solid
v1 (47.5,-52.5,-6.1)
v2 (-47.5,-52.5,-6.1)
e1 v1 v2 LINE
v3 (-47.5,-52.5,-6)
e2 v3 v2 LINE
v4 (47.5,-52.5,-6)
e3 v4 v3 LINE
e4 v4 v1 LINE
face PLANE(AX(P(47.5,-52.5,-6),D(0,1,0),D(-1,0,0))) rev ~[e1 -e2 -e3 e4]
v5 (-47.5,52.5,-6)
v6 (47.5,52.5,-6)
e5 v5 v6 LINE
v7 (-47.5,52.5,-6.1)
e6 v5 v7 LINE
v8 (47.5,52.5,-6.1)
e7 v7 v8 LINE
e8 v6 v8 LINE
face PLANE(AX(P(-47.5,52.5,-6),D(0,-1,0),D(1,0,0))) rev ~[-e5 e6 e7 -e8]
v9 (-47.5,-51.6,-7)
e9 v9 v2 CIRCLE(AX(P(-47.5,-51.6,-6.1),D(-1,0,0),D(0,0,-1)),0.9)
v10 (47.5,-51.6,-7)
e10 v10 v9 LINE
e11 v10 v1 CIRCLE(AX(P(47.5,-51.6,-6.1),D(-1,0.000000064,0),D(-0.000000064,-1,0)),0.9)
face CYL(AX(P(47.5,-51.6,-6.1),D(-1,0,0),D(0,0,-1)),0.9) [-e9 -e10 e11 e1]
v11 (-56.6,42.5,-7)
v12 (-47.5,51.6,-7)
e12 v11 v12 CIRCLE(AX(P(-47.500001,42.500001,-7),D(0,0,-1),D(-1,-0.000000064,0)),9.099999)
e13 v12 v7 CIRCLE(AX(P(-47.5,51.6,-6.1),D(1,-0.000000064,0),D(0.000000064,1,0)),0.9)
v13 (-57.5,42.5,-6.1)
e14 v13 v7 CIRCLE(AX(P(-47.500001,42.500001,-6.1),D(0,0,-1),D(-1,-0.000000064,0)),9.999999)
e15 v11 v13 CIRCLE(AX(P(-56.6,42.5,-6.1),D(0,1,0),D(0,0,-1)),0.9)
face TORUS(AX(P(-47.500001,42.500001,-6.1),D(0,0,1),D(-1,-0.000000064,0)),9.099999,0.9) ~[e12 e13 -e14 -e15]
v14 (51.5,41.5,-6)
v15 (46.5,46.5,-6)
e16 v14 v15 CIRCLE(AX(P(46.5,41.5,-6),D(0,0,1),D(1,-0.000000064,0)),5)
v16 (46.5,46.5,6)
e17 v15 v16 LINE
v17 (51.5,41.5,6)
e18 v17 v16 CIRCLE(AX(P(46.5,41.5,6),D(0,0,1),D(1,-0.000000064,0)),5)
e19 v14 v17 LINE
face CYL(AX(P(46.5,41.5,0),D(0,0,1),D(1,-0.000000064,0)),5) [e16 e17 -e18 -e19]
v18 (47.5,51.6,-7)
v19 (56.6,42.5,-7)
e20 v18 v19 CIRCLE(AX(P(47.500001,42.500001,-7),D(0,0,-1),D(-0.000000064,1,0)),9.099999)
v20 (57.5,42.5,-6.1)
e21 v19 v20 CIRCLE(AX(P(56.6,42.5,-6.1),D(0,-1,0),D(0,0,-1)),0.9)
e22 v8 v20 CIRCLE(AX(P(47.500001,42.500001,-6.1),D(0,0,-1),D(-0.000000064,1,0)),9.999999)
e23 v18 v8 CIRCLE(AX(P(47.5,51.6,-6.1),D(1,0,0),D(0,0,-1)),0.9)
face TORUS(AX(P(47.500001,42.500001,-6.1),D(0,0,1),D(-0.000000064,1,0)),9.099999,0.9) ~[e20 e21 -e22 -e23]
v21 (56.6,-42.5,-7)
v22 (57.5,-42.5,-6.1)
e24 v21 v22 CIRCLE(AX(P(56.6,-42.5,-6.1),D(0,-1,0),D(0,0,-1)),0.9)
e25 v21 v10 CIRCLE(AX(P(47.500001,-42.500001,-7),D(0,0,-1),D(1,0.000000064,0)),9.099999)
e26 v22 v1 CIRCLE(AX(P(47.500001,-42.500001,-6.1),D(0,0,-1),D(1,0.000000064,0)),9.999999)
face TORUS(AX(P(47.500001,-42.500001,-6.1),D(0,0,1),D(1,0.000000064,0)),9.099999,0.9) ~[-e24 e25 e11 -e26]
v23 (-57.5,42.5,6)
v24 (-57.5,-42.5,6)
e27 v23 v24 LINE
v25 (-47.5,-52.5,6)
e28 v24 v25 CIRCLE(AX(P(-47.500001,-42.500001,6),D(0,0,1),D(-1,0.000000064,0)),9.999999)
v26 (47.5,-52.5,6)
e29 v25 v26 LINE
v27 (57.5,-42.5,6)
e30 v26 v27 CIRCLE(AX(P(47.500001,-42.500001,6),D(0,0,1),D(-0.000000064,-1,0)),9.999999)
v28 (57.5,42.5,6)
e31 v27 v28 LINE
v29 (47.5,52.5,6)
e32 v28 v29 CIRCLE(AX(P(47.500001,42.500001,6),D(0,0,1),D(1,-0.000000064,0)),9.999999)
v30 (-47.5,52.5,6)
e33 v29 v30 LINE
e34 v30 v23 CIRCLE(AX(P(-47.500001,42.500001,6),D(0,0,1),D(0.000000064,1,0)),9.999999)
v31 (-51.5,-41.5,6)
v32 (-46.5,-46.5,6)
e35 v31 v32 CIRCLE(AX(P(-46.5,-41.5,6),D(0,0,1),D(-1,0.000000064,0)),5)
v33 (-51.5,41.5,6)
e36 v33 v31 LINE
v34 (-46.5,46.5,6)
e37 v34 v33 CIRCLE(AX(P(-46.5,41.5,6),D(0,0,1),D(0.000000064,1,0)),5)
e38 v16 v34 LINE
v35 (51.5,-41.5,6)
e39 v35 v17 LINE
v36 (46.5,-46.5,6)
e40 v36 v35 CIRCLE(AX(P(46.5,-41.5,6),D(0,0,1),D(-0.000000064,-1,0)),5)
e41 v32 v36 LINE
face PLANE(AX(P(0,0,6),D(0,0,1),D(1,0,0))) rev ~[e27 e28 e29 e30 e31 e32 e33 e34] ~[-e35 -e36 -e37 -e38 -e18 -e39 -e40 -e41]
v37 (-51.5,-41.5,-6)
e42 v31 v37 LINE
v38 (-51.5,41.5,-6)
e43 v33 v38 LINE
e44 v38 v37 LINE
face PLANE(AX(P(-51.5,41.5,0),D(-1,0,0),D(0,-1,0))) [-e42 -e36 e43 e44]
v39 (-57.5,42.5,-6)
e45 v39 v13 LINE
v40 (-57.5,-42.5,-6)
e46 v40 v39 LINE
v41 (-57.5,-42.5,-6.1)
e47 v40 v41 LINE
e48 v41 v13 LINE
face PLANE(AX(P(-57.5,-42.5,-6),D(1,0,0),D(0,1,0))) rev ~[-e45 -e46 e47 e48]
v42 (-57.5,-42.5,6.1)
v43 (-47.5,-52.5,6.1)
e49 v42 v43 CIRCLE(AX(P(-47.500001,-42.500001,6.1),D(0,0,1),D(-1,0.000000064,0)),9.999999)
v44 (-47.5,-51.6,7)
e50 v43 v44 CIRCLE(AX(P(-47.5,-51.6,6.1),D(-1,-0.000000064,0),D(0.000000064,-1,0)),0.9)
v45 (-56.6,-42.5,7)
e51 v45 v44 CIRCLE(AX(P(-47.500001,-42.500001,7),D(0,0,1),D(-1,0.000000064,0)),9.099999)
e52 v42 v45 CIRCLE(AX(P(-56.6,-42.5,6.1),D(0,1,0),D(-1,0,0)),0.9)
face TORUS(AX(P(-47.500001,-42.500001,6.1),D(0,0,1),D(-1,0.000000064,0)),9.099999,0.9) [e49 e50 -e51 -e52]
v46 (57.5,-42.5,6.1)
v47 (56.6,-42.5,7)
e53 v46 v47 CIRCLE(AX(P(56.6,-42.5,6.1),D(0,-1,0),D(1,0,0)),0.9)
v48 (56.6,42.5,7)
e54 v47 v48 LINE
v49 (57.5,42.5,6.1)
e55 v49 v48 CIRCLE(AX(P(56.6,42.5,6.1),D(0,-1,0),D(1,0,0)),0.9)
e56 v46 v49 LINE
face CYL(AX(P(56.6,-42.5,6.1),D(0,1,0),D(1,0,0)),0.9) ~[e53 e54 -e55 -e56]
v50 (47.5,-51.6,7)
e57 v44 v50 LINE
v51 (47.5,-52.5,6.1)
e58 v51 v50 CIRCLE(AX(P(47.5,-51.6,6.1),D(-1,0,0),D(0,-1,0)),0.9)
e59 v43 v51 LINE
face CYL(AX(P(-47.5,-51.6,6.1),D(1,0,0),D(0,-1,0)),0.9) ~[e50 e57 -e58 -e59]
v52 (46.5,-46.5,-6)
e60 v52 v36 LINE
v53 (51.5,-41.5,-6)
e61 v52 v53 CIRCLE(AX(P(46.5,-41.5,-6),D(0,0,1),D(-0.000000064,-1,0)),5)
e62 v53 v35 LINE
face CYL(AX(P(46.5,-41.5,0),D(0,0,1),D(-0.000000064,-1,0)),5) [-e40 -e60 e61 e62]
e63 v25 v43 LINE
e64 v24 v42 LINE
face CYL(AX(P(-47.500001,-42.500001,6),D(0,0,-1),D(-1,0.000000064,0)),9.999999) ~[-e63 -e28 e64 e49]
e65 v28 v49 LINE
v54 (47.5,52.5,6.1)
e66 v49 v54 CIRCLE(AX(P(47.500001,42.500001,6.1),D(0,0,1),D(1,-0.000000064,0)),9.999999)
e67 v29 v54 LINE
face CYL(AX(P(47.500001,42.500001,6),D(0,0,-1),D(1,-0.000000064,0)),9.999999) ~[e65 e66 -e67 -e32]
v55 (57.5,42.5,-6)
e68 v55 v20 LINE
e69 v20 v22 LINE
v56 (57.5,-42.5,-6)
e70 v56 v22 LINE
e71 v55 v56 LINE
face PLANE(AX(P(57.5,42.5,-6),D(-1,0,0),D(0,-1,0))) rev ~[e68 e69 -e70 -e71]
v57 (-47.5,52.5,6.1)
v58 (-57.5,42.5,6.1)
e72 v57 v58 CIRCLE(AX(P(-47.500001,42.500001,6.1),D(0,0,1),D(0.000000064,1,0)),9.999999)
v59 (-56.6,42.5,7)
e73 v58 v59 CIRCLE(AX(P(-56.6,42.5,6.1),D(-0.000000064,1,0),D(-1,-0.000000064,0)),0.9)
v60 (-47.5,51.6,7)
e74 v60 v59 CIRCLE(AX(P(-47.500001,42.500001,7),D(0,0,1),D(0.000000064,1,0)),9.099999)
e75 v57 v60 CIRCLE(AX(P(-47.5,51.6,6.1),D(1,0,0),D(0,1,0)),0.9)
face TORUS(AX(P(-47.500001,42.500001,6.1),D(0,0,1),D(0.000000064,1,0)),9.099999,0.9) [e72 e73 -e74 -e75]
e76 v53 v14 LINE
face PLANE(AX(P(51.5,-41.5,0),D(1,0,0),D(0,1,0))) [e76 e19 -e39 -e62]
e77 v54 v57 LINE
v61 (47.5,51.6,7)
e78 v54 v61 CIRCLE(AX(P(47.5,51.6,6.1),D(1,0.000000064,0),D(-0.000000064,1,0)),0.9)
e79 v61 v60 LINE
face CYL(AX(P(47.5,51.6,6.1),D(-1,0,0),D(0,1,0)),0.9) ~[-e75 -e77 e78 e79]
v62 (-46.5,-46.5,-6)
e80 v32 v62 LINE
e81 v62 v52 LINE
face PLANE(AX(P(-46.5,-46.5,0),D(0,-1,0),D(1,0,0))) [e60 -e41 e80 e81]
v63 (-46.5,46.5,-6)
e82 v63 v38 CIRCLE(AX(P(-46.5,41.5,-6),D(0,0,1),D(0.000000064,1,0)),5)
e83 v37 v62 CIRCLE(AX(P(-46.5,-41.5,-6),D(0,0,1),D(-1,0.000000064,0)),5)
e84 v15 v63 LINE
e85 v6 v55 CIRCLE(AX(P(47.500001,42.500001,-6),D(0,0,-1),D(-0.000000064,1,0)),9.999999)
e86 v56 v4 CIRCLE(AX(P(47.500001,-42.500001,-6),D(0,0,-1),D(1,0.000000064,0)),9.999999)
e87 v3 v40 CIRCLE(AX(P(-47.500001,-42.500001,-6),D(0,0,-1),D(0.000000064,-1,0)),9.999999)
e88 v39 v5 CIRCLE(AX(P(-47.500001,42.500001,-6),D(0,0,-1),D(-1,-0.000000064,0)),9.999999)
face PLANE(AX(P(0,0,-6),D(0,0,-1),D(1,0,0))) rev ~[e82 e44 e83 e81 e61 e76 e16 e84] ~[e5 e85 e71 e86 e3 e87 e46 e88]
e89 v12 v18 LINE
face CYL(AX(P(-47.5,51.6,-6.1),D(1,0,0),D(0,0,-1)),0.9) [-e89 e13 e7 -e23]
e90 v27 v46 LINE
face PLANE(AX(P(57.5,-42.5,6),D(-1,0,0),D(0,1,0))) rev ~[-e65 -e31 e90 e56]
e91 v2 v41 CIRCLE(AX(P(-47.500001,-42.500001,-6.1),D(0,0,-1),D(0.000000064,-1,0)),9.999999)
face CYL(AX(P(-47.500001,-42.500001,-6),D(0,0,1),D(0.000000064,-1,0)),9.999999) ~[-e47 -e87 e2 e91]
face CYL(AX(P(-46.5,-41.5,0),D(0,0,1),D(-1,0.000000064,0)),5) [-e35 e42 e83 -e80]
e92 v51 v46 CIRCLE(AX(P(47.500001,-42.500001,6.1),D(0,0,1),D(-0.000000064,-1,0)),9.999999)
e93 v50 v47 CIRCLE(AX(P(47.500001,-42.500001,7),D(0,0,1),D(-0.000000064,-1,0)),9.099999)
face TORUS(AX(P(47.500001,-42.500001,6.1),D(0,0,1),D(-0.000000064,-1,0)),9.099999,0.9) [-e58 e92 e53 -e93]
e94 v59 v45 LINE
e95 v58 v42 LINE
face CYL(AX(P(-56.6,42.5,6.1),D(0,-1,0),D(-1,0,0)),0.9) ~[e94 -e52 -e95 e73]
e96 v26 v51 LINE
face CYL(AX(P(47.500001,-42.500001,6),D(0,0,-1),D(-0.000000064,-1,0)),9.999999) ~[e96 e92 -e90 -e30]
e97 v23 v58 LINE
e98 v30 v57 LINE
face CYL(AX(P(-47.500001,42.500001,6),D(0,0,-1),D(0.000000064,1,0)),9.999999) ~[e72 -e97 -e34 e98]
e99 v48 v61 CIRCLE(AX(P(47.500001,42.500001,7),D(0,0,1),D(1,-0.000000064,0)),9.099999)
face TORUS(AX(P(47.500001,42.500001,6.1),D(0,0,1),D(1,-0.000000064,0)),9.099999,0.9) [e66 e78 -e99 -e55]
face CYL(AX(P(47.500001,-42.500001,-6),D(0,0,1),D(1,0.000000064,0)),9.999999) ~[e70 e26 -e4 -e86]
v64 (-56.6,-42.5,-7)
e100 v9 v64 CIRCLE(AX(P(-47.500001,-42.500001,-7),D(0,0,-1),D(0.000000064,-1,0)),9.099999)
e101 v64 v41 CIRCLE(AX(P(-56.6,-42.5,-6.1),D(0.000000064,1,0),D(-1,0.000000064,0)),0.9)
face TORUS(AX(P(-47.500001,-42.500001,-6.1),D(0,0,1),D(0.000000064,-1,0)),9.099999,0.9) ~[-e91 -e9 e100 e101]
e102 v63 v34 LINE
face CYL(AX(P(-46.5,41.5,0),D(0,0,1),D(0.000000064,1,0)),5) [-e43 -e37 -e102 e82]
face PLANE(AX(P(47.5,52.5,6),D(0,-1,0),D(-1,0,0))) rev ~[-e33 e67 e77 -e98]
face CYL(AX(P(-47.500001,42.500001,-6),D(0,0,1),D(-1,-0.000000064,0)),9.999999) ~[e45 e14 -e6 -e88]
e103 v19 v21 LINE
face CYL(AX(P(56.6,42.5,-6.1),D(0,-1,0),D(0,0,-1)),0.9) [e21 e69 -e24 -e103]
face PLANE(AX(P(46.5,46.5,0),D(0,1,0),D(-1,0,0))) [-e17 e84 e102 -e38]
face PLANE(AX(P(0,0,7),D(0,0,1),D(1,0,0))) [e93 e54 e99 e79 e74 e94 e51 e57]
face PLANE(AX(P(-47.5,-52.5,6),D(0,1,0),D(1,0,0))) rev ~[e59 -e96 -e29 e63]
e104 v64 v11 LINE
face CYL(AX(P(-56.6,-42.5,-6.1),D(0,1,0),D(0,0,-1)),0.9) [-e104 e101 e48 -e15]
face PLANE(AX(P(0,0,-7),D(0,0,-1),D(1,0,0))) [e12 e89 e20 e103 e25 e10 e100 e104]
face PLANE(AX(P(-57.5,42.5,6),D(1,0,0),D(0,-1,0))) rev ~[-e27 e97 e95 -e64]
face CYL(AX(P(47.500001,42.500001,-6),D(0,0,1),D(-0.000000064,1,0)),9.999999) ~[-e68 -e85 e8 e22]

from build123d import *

# Parameters (mm, degrees)
PAD_DEPTH    = 6
PAD001_DEPTH = 1
PAD002_DEPTH = 1
FILLET_R     = 0.9


with BuildPart() as part:
    # Sketch → Pad (new body, symmetric)
    with BuildSketch(Plane.XY):
        with BuildLine():
            Line((-46.5, -46.5), (46.5, -46.5))
            ThreePointArc((46.5, -46.5), (50.035534, -45.035534), (51.5, -41.5))
            Line((51.5, -41.5), (51.5, 41.5))
            ThreePointArc((51.5, 41.5), (50.035534, 45.035534), (46.5, 46.5))
            Line((46.5, 46.5), (-46.5, 46.5))
            ThreePointArc((-46.5, 46.5), (-50.035534, 45.035534), (-51.5, 41.5))
            Line((-51.5, 41.5), (-51.5, -41.5))
            ThreePointArc((-51.5, -41.5), (-50.035534, -45.035534), (-46.5, -46.5))
        make_face()
    extrude(amount=PAD_DEPTH, both=True)

    # Sketch001 (on Face10 of Pad) → Pad001 (join)
    with BuildSketch(Plane.XY.offset(6)):
        with BuildLine():
            Line((-47.5, -52.5), (47.5, -52.5))
            ThreePointArc((47.5, -52.5), (54.571068, -49.571068), (57.5, -42.5))
            Line((57.5, -42.5), (57.5, 42.5))
            ThreePointArc((57.5, 42.5), (54.571068, 49.571068), (47.5, 52.5))
            Line((47.5, 52.5), (-47.5, 52.5))
            ThreePointArc((-47.5, 52.5), (-54.571068, 49.571068), (-57.5, 42.5))
            Line((-57.5, 42.5), (-57.5, -42.5))
            ThreePointArc((-57.5, -42.5), (-54.571068, -49.571068), (-47.5, -52.5))
        make_face()
    extrude(amount=PAD001_DEPTH)

    # Sketch002 (on Face4 of Pad001) → Pad002 (join)
    with BuildSketch(Plane(origin=(0, 0, -6), x_dir=(1, 0, 0), z_dir=(0, 0, -1))):
        with BuildLine():
            Line((-47.5, -52.5), (47.5, -52.5))
            ThreePointArc((47.5, -52.5), (54.571068, -49.571068), (57.5, -42.5))
            Line((57.5, -42.5), (57.5, 42.5))
            ThreePointArc((57.5, 42.5), (54.571068, 49.571068), (47.5, 52.5))
            Line((47.5, 52.5), (-47.5, 52.5))
            ThreePointArc((-47.5, 52.5), (-54.571068, 49.571068), (-57.5, 42.5))
            Line((-57.5, 42.5), (-57.5, -42.5))
            ThreePointArc((-57.5, -42.5), (-54.571068, -49.571068), (-47.5, -52.5))
        make_face()
    extrude(amount=PAD002_DEPTH)

    # Fillet
    fillet_edges = [part.edges().sort_by_distance(p)[0] for p in [
        (57.5, 0, -7),
        (57.5, 0, 7),
    ]]
    fillet(fillet_edges, radius=FILLET_R)


solid = part.part
